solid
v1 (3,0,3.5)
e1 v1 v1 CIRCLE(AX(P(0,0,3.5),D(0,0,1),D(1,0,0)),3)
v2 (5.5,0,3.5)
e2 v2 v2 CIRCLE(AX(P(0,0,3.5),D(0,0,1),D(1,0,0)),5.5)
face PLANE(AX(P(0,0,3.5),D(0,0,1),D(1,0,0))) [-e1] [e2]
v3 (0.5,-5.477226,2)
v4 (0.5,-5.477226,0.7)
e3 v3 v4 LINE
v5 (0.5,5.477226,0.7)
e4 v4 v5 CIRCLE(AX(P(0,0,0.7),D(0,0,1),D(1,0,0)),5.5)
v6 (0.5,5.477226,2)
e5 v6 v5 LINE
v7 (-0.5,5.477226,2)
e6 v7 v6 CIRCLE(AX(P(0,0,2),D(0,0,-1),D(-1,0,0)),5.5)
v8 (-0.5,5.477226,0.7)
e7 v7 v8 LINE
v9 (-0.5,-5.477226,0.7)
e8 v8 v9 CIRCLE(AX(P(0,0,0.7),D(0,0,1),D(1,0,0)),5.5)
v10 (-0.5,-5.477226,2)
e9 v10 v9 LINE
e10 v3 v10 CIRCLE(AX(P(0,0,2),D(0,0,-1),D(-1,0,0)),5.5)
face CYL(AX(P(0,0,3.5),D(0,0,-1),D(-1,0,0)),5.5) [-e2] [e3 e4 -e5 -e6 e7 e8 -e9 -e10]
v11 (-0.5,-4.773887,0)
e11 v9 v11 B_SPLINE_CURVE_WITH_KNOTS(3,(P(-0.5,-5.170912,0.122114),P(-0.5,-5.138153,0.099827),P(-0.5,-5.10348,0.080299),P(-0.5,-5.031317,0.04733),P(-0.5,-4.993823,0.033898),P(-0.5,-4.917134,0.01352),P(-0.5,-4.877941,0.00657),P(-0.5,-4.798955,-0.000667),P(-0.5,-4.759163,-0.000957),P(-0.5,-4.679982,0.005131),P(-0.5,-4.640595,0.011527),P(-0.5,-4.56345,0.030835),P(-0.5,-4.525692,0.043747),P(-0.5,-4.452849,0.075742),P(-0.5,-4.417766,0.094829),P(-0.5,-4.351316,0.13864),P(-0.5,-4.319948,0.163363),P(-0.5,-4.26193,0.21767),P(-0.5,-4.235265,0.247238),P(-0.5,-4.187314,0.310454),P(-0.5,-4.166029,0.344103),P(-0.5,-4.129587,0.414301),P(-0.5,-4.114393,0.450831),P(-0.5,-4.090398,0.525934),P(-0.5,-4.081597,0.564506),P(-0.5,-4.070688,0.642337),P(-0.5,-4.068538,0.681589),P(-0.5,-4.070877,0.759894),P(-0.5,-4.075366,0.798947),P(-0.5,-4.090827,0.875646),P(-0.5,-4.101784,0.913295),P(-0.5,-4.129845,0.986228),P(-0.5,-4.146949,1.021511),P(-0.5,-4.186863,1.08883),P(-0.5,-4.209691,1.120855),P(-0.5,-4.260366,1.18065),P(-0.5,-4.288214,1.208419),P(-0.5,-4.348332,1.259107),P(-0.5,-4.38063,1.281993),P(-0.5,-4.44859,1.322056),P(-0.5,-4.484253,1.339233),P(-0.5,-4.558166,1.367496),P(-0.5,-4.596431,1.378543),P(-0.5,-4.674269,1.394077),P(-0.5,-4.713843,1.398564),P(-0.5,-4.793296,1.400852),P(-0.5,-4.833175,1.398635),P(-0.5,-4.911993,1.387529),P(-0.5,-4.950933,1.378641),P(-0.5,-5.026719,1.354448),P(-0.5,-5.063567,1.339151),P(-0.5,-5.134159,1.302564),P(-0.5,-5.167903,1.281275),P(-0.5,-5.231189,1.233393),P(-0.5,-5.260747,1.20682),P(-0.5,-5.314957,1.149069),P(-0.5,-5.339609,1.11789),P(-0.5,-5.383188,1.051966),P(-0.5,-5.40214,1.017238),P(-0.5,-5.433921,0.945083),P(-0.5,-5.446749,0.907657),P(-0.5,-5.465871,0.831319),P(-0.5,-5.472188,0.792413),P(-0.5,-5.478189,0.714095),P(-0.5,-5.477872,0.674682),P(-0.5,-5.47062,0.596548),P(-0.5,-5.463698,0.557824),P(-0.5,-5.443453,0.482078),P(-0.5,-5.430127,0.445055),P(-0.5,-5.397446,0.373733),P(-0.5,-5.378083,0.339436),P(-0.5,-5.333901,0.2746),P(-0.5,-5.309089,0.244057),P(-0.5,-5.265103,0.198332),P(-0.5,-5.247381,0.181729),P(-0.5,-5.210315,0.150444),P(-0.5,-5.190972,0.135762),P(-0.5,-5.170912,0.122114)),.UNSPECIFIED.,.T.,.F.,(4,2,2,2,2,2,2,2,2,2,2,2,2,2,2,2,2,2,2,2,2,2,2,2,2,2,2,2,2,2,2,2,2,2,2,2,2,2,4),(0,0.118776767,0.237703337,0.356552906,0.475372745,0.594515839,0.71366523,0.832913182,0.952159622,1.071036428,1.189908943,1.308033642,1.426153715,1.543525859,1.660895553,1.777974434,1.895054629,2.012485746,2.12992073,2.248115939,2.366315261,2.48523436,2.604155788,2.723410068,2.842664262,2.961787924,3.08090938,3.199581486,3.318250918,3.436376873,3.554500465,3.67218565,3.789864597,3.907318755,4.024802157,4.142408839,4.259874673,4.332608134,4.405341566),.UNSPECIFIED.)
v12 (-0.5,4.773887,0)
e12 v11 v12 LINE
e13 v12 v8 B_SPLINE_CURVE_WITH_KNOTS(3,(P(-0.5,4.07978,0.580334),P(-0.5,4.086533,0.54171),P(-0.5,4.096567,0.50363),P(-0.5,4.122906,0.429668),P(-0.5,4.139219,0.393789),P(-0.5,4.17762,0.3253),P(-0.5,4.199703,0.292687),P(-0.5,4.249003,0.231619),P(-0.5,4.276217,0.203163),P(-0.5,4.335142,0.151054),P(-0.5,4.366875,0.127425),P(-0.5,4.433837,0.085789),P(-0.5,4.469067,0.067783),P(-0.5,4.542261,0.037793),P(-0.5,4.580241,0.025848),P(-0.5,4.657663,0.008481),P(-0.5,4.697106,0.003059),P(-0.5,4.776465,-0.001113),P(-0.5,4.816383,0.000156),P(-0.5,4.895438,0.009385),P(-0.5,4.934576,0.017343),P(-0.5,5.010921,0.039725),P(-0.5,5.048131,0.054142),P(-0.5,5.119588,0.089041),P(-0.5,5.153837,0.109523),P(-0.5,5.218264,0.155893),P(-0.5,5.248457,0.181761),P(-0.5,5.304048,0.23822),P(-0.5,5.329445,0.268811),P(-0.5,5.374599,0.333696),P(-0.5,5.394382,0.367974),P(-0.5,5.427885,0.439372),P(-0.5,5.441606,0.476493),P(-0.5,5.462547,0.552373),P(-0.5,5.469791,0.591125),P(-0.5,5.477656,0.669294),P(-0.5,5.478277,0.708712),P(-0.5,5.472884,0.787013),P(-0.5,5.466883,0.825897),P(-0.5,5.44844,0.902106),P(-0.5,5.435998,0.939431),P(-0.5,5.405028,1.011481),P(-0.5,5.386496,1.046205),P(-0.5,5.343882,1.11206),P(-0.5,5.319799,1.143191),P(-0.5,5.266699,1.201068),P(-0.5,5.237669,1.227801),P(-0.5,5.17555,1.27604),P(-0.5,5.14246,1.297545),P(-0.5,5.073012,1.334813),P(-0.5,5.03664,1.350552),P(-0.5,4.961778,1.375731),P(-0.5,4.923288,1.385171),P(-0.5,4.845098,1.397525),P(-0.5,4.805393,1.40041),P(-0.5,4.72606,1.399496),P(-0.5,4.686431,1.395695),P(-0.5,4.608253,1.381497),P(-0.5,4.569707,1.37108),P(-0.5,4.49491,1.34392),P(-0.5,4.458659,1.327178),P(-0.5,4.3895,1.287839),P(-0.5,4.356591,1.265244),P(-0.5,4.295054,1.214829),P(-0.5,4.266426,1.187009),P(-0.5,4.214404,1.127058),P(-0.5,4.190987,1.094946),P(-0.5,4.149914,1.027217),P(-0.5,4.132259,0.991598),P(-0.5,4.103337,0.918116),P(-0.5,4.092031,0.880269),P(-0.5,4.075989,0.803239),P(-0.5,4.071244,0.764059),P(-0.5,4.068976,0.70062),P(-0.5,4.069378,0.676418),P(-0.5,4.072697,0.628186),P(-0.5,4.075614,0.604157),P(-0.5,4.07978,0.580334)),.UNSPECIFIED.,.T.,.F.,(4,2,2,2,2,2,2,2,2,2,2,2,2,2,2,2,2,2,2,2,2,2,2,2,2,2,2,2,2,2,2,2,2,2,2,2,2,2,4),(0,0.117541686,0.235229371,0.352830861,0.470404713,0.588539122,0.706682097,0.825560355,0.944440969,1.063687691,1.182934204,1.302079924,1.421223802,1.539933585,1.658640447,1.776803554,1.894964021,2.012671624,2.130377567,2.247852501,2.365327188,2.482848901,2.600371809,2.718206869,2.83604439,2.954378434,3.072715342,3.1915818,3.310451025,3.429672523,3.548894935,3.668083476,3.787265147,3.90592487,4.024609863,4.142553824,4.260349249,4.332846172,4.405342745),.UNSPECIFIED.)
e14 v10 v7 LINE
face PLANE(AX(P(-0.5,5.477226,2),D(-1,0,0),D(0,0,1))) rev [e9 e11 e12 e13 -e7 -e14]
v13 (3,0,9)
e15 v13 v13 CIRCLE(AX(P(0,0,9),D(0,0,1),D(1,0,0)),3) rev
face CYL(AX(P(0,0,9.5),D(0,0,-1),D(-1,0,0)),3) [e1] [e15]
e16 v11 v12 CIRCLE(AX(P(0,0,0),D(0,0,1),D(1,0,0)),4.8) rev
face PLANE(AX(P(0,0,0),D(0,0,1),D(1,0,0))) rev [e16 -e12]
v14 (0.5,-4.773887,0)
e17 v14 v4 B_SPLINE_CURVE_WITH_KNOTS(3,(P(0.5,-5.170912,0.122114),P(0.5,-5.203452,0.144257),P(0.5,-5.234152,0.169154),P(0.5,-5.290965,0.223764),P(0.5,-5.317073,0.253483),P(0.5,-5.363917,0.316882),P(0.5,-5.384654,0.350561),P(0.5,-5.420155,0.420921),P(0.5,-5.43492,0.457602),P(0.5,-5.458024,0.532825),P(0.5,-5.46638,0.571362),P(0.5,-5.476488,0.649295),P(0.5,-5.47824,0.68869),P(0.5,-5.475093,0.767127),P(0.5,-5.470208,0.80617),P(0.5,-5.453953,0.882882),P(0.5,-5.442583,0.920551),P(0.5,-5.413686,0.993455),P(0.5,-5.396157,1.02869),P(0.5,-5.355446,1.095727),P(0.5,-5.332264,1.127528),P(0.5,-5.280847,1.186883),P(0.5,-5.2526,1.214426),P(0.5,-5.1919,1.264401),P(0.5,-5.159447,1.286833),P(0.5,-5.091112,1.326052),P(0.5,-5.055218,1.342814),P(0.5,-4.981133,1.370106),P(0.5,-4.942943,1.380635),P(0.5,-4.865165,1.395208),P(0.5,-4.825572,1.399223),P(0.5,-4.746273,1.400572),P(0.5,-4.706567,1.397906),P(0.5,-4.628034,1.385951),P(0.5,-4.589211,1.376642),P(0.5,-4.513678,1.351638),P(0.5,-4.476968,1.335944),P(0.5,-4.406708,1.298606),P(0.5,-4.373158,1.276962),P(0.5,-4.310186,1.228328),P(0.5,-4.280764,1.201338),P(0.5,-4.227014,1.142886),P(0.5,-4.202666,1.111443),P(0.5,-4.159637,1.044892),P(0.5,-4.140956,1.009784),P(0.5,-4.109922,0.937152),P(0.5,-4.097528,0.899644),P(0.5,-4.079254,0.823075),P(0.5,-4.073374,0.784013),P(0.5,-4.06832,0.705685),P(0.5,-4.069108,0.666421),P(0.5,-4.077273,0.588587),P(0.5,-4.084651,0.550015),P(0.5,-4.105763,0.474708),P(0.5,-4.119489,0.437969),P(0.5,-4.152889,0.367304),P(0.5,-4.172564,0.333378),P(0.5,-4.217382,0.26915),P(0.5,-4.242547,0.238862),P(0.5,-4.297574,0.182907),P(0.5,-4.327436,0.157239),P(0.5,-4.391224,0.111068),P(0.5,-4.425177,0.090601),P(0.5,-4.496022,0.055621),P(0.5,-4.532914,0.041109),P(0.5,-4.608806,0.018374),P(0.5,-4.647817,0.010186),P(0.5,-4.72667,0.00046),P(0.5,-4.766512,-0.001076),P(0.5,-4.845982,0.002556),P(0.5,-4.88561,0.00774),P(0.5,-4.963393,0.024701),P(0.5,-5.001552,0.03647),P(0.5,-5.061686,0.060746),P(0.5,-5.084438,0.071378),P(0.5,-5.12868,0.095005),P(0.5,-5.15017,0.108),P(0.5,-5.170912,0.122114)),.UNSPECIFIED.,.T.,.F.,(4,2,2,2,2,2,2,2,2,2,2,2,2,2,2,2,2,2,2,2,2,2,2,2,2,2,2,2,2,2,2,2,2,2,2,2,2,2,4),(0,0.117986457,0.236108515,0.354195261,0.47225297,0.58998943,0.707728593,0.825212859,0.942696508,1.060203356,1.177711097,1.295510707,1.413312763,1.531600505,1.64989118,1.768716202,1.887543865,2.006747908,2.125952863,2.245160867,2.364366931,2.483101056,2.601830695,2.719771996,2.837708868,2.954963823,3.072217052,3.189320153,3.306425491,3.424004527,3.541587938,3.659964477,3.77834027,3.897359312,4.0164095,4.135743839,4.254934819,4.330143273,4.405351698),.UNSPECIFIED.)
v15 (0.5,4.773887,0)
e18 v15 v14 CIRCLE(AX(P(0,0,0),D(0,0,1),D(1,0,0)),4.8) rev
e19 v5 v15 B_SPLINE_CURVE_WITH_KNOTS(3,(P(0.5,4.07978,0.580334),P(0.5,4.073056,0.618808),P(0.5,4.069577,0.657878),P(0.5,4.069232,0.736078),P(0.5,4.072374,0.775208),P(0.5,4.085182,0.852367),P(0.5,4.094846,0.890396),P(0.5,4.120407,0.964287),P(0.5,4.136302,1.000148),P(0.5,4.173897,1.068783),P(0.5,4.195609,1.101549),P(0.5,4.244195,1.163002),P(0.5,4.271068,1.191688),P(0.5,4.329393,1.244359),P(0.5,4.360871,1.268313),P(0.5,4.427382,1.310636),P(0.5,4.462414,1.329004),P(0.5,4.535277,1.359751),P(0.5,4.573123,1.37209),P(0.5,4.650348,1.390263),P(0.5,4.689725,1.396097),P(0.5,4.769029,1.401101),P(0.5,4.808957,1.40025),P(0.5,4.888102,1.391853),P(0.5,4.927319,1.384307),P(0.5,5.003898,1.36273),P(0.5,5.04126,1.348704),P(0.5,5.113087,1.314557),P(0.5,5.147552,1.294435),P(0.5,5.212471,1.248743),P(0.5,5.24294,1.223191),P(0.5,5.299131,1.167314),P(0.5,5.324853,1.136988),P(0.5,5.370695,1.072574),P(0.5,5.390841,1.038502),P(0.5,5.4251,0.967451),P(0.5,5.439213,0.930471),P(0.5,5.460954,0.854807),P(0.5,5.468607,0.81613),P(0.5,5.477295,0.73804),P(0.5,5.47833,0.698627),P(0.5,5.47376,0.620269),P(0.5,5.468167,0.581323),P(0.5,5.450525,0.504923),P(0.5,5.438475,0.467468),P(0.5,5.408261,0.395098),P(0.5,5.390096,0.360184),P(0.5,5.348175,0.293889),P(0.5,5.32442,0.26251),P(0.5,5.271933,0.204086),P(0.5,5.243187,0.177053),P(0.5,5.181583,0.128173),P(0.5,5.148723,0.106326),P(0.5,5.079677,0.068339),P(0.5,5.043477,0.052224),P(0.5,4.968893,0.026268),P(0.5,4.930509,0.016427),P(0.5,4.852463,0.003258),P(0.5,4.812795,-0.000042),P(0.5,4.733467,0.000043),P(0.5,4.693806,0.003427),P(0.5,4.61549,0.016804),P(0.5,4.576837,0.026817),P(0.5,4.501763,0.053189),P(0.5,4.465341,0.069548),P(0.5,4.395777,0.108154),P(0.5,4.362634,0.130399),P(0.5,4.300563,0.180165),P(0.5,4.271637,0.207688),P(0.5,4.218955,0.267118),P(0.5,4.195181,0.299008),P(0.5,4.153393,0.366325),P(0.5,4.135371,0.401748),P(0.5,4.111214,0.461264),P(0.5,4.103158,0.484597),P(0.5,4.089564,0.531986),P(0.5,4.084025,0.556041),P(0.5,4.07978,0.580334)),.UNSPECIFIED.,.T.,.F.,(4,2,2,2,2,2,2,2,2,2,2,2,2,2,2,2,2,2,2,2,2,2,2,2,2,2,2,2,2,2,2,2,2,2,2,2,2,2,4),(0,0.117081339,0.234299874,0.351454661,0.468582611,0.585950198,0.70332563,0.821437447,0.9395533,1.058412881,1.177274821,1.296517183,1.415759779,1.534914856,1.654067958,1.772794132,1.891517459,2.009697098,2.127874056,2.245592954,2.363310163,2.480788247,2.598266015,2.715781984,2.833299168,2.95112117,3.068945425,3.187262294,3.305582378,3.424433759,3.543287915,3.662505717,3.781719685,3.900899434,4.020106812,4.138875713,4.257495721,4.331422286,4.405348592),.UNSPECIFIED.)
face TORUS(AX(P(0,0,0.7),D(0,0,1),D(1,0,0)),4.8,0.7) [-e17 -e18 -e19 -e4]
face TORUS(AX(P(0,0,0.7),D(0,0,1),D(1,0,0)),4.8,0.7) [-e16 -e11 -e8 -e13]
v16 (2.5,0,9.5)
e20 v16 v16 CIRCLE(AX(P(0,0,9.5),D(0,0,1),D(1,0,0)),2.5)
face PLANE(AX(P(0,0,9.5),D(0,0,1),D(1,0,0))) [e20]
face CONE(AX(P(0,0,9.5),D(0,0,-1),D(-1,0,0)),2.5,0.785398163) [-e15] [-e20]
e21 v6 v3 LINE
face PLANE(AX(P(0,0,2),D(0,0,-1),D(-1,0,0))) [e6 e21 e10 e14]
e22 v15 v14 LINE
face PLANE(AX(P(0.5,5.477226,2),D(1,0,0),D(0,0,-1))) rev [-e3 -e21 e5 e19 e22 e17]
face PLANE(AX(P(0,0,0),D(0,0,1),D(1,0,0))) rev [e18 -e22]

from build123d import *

# Parameters (mm, degrees)
ESQUISSE2_R             = 5.5
BOSS_EXTRU_1_DEPTH      = 3.5
ESQUISSE3_R             = 3
BOSS_EXTRU_2_DEPTH      = 6
CONG_2_R                = 0.7
CHANFREIN1_SIZE         = 0.5
ENL_V_MAT_EXTRU_1_DEPTH = 2


with BuildPart() as part:
    # Esquisse2 → Boss.-Extru.1 (new body)
    with BuildSketch(Plane.XY):
        Circle(ESQUISSE2_R)
    extrude(amount=BOSS_EXTRU_1_DEPTH)

    # Esquisse3 → Boss.-Extru.2 (add)
    with BuildSketch(Plane.XY.offset(3.5)):
        Circle(ESQUISSE3_R)
    extrude(amount=BOSS_EXTRU_2_DEPTH)

    # Congé2
    cong_2_edges = [part.edges().sort_by_distance(p)[0] for p in [
        (-5.5, 0, 0),
    ]]
    fillet(cong_2_edges, radius=CONG_2_R)

    # Chanfrein1
    chanfrein1_edges = [part.edges().sort_by_distance(p)[0] for p in [
        (-3, 0, 9.5),
    ]]
    chamfer(chanfrein1_edges, length=CHANFREIN1_SIZE)

    # Esquisse4 → Enlèv. mat.-Extru.1 (cut)
    with BuildSketch(Plane(origin=(0, 0, 0), x_dir=(-1, 0, 0), z_dir=(0, 0, -1))):
        with BuildLine():
            Line((-0.5, 5.477225575), (-0.5, -5.477225575))
            ThreePointArc((-0.5, -5.477225575), (0, -5.5), (0.5, -5.477225575))
            Line((0.5, -5.477225575), (0.5, 5.477225575))
            ThreePointArc((0.5, 5.477225575), (0, 5.5), (-0.5, 5.477225575))
        make_face()
    extrude(amount=-ENL_V_MAT_EXTRU_1_DEPTH, mode=Mode.SUBTRACT)


solid = part.part
